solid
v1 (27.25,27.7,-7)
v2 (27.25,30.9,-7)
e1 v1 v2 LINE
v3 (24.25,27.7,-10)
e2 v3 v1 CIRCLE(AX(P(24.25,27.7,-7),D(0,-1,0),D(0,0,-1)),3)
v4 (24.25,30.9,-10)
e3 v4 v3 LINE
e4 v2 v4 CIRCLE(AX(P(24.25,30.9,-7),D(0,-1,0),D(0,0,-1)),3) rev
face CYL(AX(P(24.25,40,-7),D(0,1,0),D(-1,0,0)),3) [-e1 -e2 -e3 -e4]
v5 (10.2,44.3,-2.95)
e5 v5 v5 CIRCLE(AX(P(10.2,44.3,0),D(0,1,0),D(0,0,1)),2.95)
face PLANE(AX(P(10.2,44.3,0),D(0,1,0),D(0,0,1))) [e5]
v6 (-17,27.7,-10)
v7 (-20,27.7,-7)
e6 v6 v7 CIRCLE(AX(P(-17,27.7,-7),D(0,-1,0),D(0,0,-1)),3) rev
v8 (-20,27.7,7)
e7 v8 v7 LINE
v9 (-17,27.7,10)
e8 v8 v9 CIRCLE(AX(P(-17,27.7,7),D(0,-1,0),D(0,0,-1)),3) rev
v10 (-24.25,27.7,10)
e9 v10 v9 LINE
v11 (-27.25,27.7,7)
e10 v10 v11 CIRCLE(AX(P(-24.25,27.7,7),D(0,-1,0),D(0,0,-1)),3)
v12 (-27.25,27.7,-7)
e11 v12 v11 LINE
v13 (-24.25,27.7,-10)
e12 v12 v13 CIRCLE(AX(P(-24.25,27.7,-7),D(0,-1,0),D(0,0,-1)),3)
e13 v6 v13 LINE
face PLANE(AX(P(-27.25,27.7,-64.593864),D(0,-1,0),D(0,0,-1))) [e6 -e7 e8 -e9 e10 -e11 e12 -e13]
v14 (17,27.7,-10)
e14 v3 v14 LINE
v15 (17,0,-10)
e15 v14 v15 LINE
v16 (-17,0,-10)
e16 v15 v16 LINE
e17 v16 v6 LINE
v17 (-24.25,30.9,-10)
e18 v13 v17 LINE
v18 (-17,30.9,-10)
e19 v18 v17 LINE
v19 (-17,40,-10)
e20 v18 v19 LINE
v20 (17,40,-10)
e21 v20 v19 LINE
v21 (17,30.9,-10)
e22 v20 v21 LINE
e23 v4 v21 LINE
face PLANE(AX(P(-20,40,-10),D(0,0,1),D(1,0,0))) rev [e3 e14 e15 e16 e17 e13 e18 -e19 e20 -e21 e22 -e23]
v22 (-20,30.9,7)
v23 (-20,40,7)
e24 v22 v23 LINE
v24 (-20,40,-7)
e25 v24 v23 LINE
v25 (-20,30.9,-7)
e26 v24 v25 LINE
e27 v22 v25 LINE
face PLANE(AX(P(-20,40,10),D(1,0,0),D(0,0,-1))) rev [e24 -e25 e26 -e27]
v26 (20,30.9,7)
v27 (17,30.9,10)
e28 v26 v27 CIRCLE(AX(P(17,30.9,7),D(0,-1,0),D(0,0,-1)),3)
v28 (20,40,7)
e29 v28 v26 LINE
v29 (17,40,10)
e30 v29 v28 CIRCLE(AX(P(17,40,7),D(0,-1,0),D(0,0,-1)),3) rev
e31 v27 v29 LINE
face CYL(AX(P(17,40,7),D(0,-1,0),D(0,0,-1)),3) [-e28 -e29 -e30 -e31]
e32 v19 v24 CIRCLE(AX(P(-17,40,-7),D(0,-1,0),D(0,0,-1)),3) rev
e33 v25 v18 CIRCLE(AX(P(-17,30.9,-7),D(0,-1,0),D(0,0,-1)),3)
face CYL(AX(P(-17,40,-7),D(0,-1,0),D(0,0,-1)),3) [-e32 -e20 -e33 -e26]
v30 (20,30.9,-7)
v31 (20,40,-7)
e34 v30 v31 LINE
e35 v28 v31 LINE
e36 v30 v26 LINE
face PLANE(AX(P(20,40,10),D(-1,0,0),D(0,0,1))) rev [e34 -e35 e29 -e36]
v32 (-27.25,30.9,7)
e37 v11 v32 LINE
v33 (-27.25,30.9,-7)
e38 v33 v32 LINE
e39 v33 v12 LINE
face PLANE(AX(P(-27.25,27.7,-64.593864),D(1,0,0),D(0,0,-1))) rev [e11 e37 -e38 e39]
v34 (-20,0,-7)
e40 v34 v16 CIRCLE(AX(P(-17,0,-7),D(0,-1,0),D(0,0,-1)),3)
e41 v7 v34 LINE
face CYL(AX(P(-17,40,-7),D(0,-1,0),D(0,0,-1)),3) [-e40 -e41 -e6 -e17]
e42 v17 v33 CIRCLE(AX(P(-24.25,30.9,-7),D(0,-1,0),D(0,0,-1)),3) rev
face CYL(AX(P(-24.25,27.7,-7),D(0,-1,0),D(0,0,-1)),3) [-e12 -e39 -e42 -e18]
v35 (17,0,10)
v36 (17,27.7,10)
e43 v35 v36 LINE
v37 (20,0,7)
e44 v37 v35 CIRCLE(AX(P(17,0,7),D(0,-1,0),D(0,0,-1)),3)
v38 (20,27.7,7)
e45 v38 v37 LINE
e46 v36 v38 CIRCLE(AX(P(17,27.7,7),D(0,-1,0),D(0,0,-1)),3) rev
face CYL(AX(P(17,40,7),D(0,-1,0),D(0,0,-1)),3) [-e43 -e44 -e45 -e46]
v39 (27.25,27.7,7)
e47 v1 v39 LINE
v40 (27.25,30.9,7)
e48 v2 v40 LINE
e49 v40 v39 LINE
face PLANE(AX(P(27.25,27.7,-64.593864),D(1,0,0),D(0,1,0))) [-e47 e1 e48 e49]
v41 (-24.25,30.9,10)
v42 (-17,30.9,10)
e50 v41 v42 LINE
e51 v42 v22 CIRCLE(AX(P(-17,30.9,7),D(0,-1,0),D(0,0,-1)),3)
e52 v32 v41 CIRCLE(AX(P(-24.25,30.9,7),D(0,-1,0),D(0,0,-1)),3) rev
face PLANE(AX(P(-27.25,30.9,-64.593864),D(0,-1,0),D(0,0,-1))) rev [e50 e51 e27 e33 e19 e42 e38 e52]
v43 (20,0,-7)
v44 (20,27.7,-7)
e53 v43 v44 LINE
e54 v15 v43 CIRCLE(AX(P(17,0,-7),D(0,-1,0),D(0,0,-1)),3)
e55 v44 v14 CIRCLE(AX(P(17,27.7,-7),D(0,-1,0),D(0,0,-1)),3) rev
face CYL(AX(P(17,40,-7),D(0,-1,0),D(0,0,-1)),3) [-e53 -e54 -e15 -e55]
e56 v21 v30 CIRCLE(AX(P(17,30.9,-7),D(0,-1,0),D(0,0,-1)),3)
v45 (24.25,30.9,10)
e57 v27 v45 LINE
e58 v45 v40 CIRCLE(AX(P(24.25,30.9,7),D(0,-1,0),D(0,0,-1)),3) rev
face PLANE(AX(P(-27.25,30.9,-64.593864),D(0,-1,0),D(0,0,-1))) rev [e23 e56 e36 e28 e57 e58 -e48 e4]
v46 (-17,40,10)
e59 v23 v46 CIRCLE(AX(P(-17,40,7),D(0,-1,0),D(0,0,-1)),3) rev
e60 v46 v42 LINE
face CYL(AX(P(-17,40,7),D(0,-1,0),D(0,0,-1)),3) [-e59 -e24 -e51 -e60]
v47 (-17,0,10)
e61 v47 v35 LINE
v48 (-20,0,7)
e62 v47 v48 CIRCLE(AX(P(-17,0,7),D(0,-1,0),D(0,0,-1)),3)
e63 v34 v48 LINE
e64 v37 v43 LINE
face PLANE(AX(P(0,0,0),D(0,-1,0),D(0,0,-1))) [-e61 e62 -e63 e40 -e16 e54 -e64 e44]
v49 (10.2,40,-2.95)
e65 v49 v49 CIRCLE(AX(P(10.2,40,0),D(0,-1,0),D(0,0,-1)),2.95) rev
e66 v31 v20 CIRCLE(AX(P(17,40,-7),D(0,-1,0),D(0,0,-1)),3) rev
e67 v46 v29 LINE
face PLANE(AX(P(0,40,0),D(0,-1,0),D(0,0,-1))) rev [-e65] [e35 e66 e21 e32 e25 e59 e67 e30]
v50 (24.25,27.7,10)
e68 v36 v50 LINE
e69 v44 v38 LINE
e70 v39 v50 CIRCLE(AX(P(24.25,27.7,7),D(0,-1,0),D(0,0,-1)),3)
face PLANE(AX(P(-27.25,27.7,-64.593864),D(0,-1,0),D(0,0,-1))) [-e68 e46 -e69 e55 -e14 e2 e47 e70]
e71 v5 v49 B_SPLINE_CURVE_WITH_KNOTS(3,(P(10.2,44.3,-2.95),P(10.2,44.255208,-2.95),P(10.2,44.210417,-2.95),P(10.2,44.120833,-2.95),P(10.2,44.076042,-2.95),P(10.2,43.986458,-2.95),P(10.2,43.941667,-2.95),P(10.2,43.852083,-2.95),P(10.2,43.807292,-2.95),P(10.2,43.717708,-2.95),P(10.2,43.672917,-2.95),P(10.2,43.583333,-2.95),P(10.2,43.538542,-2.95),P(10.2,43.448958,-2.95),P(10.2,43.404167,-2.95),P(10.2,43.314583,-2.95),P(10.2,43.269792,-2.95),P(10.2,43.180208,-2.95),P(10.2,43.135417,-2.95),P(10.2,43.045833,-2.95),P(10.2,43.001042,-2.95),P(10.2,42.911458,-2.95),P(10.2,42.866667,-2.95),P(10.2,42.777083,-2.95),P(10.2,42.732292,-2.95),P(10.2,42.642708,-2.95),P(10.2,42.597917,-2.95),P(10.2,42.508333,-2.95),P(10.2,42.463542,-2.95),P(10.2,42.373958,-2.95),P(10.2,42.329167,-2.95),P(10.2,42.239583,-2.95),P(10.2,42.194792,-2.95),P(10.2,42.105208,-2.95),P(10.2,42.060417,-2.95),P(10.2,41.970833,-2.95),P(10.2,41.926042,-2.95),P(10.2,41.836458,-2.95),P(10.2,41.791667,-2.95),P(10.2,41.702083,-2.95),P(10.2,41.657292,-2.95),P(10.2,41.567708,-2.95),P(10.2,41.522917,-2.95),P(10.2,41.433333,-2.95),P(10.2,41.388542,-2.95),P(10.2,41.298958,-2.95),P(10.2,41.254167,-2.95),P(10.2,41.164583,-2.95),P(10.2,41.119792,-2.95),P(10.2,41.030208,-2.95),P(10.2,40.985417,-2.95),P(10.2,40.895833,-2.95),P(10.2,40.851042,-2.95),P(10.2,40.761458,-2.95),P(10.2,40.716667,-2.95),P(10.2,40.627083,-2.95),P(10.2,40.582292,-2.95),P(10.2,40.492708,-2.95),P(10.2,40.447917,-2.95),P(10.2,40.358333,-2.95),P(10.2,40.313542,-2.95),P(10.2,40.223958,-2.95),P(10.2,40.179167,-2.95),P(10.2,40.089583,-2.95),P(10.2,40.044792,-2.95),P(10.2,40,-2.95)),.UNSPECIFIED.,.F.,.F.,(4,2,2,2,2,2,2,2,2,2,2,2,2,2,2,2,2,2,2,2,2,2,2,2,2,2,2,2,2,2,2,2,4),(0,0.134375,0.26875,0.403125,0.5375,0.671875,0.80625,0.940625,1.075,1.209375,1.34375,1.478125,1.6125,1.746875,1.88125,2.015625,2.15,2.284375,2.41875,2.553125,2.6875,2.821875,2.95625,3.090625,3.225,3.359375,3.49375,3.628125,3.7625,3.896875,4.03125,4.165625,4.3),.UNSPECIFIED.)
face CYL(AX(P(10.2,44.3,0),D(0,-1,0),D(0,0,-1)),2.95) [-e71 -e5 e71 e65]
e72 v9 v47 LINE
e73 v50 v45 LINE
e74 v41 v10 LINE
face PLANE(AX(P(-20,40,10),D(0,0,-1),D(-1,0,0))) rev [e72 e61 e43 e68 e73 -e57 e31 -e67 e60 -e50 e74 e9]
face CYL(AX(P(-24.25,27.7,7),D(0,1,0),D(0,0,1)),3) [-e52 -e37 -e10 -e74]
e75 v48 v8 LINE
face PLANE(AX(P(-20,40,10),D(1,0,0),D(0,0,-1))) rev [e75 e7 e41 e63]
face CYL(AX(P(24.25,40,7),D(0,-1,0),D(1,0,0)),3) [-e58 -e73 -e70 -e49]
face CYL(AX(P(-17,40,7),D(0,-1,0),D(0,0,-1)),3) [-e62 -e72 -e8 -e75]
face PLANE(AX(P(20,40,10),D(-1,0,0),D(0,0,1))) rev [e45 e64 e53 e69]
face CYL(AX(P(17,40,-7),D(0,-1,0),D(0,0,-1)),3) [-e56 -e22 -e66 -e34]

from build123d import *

# Parameters (mm, degrees)
SKETCH1_W           = 40
SKETCH1_H           = 20
BOSS_EXTRUDE1_DEPTH = 40
SKETCH2_W           = 54.5
SKETCH2_H           = 3.2
BOSS_EXTRUDE2_DEPTH = 20
FILLET1_R           = 3
SKETCH3_R           = 2.95
BOSS_EXTRUDE3_DEPTH = 4.3


with BuildPart() as part:
    # Sketch1 → Boss-Extrude1 (new body)
    with BuildSketch(Plane(origin=(0, 0, 0), x_dir=(1, 0, 0), z_dir=(0, 1, 0))):
        Rectangle(SKETCH1_W, SKETCH1_H)
    extrude(amount=BOSS_EXTRUDE1_DEPTH)

    # Sketch2 → Boss-Extrude2 (add)
    with BuildSketch(Plane.XY.offset(10)):
        with Locations((0, 29.3)):
            Rectangle(SKETCH2_W, SKETCH2_H)
    extrude(amount=-BOSS_EXTRUDE2_DEPTH)

    # Fillet1
    fillet1_edges = [part.edges().sort_by_distance(p)[0] for p in [
        (20, 13.85, 10),
        (-20, 13.85, 10),
        (-20, 13.85, -10),
        (20, 13.85, -10),
        (27.25, 29.3, 10),
        (27.25, 29.3, -10),
        (-27.25, 29.3, -10),
        (-27.25, 29.3, 10),
        (20, 35.45, 10),
        (-20, 35.45, 10),
        (-20, 35.45, -10),
        (20, 35.45, -10),
    ]]
    fillet(fillet1_edges, radius=FILLET1_R)

    # Sketch3 → Boss-Extrude3 (add)
    with BuildSketch(Plane(origin=(0, 40, 0), x_dir=(1, 0, 0), z_dir=(0, 1, 0))):
        with Locations(Location((10.2, 0, 0), (0, 0, 90))):
            Circle(SKETCH3_R)
    extrude(amount=BOSS_EXTRUDE3_DEPTH)


solid = part.part
